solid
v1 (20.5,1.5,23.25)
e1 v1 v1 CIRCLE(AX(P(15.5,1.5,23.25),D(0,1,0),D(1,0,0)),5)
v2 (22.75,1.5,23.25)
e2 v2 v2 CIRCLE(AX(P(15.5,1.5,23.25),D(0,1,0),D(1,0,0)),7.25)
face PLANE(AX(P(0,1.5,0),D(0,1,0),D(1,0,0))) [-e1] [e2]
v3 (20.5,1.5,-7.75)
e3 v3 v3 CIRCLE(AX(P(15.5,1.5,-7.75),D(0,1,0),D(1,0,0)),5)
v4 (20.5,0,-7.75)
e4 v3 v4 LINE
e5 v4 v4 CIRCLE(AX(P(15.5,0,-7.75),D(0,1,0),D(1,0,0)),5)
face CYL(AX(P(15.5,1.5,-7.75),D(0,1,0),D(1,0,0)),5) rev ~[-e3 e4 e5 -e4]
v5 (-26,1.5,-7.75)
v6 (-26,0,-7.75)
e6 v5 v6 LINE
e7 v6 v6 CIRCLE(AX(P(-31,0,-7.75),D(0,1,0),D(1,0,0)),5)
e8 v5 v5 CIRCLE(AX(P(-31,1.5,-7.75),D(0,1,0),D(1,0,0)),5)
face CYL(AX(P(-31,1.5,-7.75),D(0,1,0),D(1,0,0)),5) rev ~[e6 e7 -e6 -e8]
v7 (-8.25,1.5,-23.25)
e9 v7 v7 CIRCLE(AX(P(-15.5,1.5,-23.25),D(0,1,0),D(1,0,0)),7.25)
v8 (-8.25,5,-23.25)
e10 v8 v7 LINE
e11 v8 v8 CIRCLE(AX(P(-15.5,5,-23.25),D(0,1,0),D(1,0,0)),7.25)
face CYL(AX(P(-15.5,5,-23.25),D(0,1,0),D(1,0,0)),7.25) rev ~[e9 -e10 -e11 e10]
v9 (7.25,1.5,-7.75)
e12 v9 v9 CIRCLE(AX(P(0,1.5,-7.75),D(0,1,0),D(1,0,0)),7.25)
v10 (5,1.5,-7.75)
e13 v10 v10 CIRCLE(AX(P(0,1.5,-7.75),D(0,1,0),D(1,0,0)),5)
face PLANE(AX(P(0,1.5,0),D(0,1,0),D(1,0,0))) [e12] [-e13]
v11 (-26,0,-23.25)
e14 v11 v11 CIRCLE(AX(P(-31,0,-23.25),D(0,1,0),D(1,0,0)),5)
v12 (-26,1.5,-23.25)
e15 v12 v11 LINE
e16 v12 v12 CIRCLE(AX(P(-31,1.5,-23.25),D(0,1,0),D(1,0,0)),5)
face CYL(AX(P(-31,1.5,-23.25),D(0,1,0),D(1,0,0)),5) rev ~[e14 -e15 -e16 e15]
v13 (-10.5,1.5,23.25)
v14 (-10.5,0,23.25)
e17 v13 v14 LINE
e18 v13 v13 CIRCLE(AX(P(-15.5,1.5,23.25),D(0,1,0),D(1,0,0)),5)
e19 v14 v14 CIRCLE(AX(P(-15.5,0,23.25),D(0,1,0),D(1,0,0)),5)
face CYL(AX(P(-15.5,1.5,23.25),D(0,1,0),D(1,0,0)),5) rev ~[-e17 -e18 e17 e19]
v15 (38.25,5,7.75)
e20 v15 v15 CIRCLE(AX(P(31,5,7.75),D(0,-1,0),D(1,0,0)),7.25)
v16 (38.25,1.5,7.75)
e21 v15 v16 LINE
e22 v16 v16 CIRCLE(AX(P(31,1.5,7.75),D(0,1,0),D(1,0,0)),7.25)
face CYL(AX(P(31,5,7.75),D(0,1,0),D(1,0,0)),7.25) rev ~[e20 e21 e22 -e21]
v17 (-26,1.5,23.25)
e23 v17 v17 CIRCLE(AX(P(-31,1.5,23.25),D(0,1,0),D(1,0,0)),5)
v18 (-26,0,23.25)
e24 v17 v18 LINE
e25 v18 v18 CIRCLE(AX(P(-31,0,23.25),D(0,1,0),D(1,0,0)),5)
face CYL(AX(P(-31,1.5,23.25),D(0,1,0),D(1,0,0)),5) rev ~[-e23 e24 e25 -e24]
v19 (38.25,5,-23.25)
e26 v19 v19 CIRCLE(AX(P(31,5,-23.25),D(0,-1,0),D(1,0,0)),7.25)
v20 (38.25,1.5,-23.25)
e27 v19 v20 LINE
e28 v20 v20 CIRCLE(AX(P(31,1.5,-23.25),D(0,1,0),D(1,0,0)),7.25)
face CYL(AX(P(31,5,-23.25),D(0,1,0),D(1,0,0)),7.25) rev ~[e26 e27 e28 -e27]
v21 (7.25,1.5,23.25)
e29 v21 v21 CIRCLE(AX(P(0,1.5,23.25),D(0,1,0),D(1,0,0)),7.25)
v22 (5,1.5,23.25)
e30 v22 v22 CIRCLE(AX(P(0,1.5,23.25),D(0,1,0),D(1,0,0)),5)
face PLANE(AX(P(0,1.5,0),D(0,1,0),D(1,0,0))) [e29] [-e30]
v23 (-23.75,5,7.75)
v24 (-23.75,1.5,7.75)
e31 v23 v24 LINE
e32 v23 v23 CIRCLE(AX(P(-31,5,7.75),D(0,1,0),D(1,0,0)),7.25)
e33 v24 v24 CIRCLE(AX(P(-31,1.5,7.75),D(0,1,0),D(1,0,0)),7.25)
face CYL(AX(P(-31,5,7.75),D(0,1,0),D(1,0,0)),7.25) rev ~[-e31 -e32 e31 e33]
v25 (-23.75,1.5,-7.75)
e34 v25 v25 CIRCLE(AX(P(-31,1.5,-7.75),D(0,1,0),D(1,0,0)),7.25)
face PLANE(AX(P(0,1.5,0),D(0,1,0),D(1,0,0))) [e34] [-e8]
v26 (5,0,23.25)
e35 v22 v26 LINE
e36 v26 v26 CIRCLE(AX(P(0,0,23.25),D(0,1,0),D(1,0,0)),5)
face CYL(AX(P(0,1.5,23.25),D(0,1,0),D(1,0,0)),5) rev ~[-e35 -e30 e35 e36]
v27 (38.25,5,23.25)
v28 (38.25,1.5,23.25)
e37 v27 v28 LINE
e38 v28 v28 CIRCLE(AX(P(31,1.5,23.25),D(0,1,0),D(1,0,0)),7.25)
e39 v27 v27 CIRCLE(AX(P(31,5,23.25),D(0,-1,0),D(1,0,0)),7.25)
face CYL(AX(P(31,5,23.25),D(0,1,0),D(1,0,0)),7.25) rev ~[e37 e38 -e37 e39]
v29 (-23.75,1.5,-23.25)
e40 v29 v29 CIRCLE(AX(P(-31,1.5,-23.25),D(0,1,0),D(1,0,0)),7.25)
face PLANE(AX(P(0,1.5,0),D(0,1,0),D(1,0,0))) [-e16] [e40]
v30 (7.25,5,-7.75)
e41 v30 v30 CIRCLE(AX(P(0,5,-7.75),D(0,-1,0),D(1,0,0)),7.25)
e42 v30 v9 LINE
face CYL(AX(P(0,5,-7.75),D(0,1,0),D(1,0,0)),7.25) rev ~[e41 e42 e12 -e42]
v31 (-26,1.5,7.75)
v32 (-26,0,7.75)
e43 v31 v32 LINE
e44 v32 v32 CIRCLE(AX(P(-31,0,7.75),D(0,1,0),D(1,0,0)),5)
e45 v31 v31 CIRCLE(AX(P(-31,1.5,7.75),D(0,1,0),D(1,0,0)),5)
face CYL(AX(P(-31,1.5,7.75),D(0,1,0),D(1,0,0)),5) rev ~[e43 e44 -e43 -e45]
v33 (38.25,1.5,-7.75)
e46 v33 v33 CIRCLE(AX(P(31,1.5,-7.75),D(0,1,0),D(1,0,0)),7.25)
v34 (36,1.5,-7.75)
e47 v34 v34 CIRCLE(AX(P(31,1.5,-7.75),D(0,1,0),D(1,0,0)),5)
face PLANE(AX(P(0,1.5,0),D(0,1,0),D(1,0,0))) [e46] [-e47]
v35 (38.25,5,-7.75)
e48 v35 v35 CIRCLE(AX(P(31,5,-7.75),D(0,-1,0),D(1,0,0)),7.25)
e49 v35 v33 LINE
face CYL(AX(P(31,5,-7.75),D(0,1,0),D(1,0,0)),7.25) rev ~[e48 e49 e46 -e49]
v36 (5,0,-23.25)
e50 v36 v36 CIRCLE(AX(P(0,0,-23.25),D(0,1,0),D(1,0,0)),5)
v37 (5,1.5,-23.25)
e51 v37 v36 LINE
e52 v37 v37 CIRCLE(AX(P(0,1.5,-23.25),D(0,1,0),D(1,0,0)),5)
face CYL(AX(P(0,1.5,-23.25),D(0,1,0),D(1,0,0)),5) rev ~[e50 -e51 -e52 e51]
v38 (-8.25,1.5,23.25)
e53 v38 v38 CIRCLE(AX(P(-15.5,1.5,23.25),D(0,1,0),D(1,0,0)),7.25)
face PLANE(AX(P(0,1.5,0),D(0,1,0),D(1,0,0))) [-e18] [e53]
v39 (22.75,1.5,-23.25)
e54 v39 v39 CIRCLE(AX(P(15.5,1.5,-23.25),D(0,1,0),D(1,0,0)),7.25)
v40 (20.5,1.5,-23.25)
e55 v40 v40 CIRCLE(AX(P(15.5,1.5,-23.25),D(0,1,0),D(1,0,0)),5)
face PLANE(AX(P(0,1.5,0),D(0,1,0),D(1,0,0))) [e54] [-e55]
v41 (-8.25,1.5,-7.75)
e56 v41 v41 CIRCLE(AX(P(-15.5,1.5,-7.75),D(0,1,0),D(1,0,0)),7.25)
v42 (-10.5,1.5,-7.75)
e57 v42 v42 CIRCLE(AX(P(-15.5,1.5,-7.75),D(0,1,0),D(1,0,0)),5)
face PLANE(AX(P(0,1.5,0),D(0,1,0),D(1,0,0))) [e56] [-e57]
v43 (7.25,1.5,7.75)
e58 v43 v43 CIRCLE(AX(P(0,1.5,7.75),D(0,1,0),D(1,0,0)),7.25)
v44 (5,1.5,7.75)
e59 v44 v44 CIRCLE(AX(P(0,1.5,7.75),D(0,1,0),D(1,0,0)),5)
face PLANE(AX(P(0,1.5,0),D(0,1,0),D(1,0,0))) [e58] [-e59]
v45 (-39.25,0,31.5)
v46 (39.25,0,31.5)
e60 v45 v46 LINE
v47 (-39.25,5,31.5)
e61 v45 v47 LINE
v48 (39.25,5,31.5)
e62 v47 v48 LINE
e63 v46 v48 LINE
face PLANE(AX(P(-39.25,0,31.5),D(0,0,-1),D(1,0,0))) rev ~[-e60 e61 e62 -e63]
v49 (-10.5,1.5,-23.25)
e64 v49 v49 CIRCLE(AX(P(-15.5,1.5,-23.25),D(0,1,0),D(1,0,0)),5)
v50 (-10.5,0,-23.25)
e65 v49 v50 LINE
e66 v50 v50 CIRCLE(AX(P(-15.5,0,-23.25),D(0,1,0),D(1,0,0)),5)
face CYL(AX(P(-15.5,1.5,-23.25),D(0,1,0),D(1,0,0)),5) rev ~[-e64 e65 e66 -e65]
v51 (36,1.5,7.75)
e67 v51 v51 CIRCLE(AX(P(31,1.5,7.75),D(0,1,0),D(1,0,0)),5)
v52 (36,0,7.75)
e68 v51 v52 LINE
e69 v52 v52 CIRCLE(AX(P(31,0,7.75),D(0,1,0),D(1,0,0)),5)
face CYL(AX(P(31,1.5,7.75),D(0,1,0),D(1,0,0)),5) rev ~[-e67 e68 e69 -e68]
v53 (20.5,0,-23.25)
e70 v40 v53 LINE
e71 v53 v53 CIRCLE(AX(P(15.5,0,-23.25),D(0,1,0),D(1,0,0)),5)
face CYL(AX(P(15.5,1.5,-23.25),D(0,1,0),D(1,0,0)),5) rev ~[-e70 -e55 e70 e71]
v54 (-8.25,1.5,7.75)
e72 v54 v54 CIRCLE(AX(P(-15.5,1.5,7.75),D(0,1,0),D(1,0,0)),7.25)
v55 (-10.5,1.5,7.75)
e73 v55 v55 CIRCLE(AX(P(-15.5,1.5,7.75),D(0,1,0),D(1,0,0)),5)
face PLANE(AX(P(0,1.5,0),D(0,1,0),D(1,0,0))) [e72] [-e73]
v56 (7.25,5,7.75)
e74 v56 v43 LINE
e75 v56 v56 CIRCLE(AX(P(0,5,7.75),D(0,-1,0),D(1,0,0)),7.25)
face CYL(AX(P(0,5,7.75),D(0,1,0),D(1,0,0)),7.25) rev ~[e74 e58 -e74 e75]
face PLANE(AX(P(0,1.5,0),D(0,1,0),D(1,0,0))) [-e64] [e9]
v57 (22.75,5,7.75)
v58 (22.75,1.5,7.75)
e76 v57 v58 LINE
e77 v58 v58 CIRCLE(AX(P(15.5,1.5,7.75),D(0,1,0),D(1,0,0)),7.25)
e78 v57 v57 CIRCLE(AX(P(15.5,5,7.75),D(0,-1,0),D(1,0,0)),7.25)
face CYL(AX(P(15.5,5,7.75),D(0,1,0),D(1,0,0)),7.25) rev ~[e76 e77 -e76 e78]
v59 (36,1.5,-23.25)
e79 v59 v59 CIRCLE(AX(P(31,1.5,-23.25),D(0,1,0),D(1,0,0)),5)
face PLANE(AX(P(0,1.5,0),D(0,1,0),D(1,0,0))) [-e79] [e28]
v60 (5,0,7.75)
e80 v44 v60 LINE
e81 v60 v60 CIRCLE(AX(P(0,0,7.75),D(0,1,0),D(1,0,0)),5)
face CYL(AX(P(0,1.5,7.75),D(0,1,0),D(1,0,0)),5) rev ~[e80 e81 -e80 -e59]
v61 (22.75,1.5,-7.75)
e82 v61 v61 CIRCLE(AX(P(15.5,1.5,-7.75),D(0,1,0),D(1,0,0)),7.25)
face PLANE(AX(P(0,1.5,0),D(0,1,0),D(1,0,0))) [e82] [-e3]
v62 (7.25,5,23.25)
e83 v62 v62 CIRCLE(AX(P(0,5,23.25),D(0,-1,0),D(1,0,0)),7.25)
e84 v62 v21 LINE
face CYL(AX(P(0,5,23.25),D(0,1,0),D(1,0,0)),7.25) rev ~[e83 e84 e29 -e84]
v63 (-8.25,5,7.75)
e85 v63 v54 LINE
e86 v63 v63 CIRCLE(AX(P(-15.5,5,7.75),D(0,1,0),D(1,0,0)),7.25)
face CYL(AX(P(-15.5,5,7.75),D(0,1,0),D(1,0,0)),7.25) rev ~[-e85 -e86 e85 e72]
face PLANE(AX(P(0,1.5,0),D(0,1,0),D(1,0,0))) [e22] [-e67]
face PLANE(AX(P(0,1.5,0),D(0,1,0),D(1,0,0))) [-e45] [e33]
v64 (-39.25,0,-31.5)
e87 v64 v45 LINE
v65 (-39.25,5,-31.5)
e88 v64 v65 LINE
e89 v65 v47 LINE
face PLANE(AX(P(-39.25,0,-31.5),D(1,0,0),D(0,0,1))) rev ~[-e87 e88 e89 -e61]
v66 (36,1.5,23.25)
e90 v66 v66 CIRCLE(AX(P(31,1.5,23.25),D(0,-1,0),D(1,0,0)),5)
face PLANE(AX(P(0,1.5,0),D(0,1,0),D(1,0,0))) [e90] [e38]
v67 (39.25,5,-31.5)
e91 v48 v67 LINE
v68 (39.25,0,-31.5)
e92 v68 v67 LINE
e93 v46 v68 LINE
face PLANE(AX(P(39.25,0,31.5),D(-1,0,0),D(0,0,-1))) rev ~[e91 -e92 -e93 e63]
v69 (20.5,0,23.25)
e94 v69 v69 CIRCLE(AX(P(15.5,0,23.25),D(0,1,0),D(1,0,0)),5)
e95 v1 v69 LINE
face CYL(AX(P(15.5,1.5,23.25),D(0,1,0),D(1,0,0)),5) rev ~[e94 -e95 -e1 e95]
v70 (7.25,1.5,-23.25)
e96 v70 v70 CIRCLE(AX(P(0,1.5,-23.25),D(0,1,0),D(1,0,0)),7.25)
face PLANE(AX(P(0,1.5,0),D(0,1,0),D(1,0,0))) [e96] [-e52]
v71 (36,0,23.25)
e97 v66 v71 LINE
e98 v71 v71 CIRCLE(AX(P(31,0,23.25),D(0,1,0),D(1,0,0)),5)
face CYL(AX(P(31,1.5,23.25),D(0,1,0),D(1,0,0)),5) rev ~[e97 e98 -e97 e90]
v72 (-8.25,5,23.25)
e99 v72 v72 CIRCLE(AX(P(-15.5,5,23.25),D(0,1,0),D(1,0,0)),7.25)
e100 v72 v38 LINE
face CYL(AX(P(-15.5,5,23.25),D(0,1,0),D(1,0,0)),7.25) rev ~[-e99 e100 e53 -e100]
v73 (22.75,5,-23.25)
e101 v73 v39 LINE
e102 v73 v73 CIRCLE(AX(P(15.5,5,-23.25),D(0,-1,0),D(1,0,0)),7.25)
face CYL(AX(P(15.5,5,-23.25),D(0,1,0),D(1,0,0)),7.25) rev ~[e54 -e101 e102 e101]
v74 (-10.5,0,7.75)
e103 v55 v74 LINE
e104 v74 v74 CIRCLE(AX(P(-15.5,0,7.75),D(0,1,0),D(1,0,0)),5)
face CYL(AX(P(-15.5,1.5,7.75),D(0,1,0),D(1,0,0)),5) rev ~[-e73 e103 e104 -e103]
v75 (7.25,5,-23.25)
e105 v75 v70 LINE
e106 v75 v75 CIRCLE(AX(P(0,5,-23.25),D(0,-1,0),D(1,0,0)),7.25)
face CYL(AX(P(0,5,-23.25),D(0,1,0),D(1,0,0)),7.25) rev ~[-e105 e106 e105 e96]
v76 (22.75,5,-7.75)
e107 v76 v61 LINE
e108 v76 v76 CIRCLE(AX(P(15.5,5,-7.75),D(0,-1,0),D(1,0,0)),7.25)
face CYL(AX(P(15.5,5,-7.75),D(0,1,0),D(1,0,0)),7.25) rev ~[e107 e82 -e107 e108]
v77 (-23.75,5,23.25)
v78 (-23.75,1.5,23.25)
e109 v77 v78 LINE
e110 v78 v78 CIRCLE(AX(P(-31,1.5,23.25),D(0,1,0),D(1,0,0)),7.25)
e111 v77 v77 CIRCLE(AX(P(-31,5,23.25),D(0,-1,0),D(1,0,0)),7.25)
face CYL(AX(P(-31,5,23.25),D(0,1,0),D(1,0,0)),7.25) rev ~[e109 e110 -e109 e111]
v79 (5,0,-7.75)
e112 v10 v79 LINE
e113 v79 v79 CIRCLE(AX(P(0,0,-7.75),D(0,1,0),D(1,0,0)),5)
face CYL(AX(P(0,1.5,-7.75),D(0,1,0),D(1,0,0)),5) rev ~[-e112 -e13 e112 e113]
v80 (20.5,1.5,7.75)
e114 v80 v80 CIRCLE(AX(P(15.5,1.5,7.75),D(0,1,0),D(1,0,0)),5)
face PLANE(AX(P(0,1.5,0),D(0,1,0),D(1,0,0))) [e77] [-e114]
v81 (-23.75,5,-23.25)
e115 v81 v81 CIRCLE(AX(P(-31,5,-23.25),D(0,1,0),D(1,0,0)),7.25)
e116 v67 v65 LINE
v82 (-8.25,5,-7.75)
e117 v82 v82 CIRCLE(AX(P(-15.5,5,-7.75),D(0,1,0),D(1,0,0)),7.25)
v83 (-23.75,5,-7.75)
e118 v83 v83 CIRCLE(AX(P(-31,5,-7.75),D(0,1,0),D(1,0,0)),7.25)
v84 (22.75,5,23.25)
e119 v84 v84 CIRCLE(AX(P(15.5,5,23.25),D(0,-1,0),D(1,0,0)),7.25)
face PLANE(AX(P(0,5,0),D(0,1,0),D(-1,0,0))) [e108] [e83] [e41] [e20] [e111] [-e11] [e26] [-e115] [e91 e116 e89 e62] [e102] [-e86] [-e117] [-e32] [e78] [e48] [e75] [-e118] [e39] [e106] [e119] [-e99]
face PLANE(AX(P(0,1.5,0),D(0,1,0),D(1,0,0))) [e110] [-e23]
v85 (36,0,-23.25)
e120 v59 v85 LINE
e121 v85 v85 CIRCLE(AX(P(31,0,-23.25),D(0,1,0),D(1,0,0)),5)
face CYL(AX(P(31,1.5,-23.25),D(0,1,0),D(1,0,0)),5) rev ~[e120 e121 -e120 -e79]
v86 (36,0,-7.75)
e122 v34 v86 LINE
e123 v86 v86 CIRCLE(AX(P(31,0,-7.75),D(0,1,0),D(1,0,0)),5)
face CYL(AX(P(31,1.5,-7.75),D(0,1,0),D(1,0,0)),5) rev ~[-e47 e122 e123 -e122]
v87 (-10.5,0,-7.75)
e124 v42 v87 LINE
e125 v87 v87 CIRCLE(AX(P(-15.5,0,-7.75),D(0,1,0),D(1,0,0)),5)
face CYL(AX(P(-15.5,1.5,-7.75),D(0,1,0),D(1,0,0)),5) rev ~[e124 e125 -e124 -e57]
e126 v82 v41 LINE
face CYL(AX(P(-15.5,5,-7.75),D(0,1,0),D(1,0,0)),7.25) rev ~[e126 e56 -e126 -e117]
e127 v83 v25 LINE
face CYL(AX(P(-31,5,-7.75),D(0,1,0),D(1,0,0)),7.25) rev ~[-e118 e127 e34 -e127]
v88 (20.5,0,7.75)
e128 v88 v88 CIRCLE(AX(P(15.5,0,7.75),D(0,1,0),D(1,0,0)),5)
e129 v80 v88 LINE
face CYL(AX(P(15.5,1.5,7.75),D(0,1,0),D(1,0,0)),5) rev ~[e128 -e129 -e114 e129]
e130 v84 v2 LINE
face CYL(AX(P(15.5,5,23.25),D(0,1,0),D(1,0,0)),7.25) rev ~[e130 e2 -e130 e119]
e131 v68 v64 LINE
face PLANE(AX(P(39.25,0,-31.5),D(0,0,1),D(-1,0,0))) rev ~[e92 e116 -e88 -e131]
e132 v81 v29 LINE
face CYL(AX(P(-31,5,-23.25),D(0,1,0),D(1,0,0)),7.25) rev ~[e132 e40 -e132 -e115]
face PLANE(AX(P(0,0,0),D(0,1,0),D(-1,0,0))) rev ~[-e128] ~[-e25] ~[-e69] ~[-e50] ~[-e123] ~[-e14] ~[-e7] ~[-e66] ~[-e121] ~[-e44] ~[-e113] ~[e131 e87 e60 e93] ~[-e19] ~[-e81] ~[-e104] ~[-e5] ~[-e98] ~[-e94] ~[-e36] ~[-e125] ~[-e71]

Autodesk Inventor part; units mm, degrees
ref_plane "YZ Plane" through (0, 0, 0) normal (1, 0, 0) x (0, 1, 0)
ref_plane "XZ Plane" through (0, 0, 0) normal (0, 1, 0) x (-1, 0, 0)
ref_plane "XY Plane" through (0, 0, 0) normal (0, 0, 1) x (1, 0, 0)
sketch "Boceto1" plane through (0, 0, 0) normal (0, 1, 0) x (-1, 0, 0)
  line L0 (39.25, 31.5) -> (-39.25, 31.5)
  line L1 (-39.25, 31.5) -> (-39.25, -31.5)
  line L2 (-39.25, -31.5) -> (39.25, -31.5)
  line L3 (39.25, -31.5) -> (39.25, 31.5)
  line L4 (39.25, 31.5) -> (-39.25, -31.5) construction
  line L5 (-39.25, 31.5) -> (39.25, -31.5) construction
  point P0 (0, 0)
  dimension "d0" = 78.5
  dimension "d1" = 63
extrude "Extrusión1" add sketch "Boceto1" along normal blind 5
sketch "Boceto2" plane through (0, 5, 0) normal (0, 1, 0) x (1, 0, 0)
  circle A0 centre (31, -23.25) radius 7.25
  line L0 (0, 0) -> (0, -1.7079)
  line L1 (-39.25, -31.5) -> (39.25, -31.5) projected
  line L2 (0, 0) -> (-6.7024, 0)
  line L3 (31, -30.5) -> (-1.6149, -30.5)
  line L4 (38.25, -23.25) -> (38.25, -18.8527)
  line L5 (39.25, -31.5) -> (39.25, 31.5) projected
  line L6 (31, -23.25) -> (31, -17.7026)
  line L7 (31, -16) -> (21.1009, -16)
  line L8 (31, -0.5) -> (21.1009, -0.5)
  circle A1 centre (31, -7.75) radius 7.25
  line L9 (31, -15) -> (-1.6149, -15)
  line L10 (31, 15) -> (21.1009, 15)
  circle A2 centre (31, 7.75) radius 7.25
  line L11 (31, 0.5) -> (-1.6149, 0.5)
  line L12 (31, 30.5) -> (21.1009, 30.5)
  circle A3 centre (31, 23.25) radius 7.25
  line L13 (31, 16) -> (-1.6149, 16)
  line L14 (39.25, 31.5) -> (-39.25, 31.5) projected
  circle A4 centre (15.5, -23.25) radius 7.25
  circle A5 centre (15.5, -7.75) radius 7.25
  circle A6 centre (15.5, 7.75) radius 7.25
  circle A7 centre (15.5, 23.25) radius 7.25
  circle A8 centre (0, -23.25) radius 7.25
  circle A9 centre (0, -7.75) radius 7.25
  circle A10 centre (0, 7.75) radius 7.25
  circle A11 centre (0, 23.25) radius 7.25
  circle A12 centre (-15.5, -23.25) radius 7.25
  circle A13 centre (-15.5, -7.75) radius 7.25
  circle A14 centre (-15.5, 7.75) radius 7.25
  circle A15 centre (-15.5, 23.25) radius 7.25
  circle A16 centre (-31, -23.25) radius 7.25
  circle A17 centre (-31, -7.75) radius 7.25
  circle A18 centre (-31, 7.75) radius 7.25
  circle A19 centre (-31, 23.25) radius 7.25
  line L15 (22.75, -23.25) -> (22.75, -18.6411)
  line L16 (23.75, -23.25) -> (23.75, -18.1365)
  line L17 (-38.25, -23.25) -> (-38.25, -18.441)
  line L18 (-39.25, 31.5) -> (-39.25, -31.5) projected
  point P0 (-1.5837, 0)
  point P1 (38.25, -7.75)
  point P2 (38.25, 7.75)
  point P3 (38.25, 23.25)
  point P4 (15.5, -30.5)
  point P5 (15.5, -16)
  point P6 (15.5, -15)
  point P7 (22.75, -7.75)
  point P8 (15.5, -0.5)
  point P9 (15.5, 0.5)
  point P10 (22.75, 7.75)
  point P11 (15.5, 15)
  point P12 (15.5, 16)
  point P13 (22.75, 23.25)
  point P14 (15.5, 30.5)
  point P15 (0, -30.5)
  point P16 (7.25, -23.25)
  point P17 (0, -16)
  point P18 (0, -15)
  point P19 (7.25, -7.75)
  point P20 (0, -0.5)
  point P21 (0, 0.5)
  point P22 (7.25, 7.75)
  point P23 (0, 15)
  point P24 (0, 16)
  point P25 (7.25, 23.25)
  point P26 (0, 30.5)
  point P27 (-15.5, -30.5)
  point P28 (-8.25, -23.25)
  point P29 (-15.5, -16)
  point P30 (-15.5, -15)
  point P31 (-8.25, -7.75)
  point P32 (-15.5, -0.5)
  point P33 (-15.5, 0.5)
  point P34 (-8.25, 7.75)
  point P35 (-15.5, 15)
  point P36 (-15.5, 16)
  point P37 (-8.25, 23.25)
  point P38 (-15.5, 30.5)
  point P39 (-31, -30.5)
  point P40 (-23.75, -23.25)
  point P41 (-31, -16)
  point P42 (-31, -15)
  point P43 (-23.75, -7.75)
  point P44 (-31, -0.5)
  point P45 (-31, 0.5)
  point P46 (-23.75, 7.75)
  point P47 (-31, 15)
  point P48 (-31, 16)
  point P49 (-23.75, 23.25)
  point P50 (-31, 30.5)
  dimension "d4" = 14.5
  dimension "d6" = 23.25
  dimension "d13" = 7.25
  dimension "d14" = 1
  dimension "d15" = 7.25
  dimension "d16" = 1
  dimension "d19" = 15.5
  dimension "d24" = 1
  dimension "d25" = 1
  dimension "d28" = 15.5
  dimension "d33" = 1
  dimension "d34" = 1
extrude "Extrusión2" cut sketch "Boceto2" against normal blind 3.5 contours A0 | A8 | A4 | A1 | A9 | A5 | A2 | A10 | A6 | A3 | A11 | A7 | A12 | A13 | A14 | A15 | A16 | A17 | A18 | A19
sketch "Boceto3" plane through (31, 1.5, 23.25) normal (0, 1, 0) x (1, 0, 0)
  circle A0 centre (0, 0) radius 5
  line L0 (0, 0) -> (0, 5.1334)
  circle A1 centre (0, 15.5) radius 5
  circle A2 centre (0, 31) radius 5
  circle A3 centre (0, 46.5) radius 5
  circle A4 centre (0, 15.5) radius 7.25
  line L1 (0, 0) -> (-4.4758, 0)
  circle A5 centre (-15.5, 46.5) radius 5
  circle A6 centre (-15.5, 31) radius 5
  circle A7 centre (-15.5, 15.5) radius 5
  circle A8 centre (-15.5, 0) radius 5
  circle A9 centre (-31, 46.5) radius 5
  circle A10 centre (-31, 31) radius 5
  circle A11 centre (-31, 15.5) radius 5
  circle A12 centre (-31, 0) radius 5
  circle A13 centre (-46.5, 46.5) radius 5
  circle A14 centre (-46.5, 31) radius 5
  circle A15 centre (-46.5, 15.5) radius 5
  circle A16 centre (-46.5, 0) radius 5
  circle A17 centre (-62, 46.5) radius 5
  circle A18 centre (-62, 31) radius 5
  circle A19 centre (-62, 15.5) radius 5
  circle A20 centre (-62, 0) radius 5
  circle A21 centre (-15.5, 0) radius 7.25
  circle A22 centre (0, 0) radius 7.25 projected
  point P0 (-31, 23.25)
  dimension "d10" = 10
  dimension "d37" = 15.5
  dimension "d44" = 15.5
  dimension "d49" = 2.25
extrude "Extrusión3" cut sketch "Boceto3" against normal blind 4 contours A0 | A1 | A2 | A3 | A5 | A6 | A7 | A8 | A9 | A10 | A11 | A12 | A13 | A14 | A15 | A16 | A17 | A18 | A19 | A20
properties part number "battery_pack_base"
